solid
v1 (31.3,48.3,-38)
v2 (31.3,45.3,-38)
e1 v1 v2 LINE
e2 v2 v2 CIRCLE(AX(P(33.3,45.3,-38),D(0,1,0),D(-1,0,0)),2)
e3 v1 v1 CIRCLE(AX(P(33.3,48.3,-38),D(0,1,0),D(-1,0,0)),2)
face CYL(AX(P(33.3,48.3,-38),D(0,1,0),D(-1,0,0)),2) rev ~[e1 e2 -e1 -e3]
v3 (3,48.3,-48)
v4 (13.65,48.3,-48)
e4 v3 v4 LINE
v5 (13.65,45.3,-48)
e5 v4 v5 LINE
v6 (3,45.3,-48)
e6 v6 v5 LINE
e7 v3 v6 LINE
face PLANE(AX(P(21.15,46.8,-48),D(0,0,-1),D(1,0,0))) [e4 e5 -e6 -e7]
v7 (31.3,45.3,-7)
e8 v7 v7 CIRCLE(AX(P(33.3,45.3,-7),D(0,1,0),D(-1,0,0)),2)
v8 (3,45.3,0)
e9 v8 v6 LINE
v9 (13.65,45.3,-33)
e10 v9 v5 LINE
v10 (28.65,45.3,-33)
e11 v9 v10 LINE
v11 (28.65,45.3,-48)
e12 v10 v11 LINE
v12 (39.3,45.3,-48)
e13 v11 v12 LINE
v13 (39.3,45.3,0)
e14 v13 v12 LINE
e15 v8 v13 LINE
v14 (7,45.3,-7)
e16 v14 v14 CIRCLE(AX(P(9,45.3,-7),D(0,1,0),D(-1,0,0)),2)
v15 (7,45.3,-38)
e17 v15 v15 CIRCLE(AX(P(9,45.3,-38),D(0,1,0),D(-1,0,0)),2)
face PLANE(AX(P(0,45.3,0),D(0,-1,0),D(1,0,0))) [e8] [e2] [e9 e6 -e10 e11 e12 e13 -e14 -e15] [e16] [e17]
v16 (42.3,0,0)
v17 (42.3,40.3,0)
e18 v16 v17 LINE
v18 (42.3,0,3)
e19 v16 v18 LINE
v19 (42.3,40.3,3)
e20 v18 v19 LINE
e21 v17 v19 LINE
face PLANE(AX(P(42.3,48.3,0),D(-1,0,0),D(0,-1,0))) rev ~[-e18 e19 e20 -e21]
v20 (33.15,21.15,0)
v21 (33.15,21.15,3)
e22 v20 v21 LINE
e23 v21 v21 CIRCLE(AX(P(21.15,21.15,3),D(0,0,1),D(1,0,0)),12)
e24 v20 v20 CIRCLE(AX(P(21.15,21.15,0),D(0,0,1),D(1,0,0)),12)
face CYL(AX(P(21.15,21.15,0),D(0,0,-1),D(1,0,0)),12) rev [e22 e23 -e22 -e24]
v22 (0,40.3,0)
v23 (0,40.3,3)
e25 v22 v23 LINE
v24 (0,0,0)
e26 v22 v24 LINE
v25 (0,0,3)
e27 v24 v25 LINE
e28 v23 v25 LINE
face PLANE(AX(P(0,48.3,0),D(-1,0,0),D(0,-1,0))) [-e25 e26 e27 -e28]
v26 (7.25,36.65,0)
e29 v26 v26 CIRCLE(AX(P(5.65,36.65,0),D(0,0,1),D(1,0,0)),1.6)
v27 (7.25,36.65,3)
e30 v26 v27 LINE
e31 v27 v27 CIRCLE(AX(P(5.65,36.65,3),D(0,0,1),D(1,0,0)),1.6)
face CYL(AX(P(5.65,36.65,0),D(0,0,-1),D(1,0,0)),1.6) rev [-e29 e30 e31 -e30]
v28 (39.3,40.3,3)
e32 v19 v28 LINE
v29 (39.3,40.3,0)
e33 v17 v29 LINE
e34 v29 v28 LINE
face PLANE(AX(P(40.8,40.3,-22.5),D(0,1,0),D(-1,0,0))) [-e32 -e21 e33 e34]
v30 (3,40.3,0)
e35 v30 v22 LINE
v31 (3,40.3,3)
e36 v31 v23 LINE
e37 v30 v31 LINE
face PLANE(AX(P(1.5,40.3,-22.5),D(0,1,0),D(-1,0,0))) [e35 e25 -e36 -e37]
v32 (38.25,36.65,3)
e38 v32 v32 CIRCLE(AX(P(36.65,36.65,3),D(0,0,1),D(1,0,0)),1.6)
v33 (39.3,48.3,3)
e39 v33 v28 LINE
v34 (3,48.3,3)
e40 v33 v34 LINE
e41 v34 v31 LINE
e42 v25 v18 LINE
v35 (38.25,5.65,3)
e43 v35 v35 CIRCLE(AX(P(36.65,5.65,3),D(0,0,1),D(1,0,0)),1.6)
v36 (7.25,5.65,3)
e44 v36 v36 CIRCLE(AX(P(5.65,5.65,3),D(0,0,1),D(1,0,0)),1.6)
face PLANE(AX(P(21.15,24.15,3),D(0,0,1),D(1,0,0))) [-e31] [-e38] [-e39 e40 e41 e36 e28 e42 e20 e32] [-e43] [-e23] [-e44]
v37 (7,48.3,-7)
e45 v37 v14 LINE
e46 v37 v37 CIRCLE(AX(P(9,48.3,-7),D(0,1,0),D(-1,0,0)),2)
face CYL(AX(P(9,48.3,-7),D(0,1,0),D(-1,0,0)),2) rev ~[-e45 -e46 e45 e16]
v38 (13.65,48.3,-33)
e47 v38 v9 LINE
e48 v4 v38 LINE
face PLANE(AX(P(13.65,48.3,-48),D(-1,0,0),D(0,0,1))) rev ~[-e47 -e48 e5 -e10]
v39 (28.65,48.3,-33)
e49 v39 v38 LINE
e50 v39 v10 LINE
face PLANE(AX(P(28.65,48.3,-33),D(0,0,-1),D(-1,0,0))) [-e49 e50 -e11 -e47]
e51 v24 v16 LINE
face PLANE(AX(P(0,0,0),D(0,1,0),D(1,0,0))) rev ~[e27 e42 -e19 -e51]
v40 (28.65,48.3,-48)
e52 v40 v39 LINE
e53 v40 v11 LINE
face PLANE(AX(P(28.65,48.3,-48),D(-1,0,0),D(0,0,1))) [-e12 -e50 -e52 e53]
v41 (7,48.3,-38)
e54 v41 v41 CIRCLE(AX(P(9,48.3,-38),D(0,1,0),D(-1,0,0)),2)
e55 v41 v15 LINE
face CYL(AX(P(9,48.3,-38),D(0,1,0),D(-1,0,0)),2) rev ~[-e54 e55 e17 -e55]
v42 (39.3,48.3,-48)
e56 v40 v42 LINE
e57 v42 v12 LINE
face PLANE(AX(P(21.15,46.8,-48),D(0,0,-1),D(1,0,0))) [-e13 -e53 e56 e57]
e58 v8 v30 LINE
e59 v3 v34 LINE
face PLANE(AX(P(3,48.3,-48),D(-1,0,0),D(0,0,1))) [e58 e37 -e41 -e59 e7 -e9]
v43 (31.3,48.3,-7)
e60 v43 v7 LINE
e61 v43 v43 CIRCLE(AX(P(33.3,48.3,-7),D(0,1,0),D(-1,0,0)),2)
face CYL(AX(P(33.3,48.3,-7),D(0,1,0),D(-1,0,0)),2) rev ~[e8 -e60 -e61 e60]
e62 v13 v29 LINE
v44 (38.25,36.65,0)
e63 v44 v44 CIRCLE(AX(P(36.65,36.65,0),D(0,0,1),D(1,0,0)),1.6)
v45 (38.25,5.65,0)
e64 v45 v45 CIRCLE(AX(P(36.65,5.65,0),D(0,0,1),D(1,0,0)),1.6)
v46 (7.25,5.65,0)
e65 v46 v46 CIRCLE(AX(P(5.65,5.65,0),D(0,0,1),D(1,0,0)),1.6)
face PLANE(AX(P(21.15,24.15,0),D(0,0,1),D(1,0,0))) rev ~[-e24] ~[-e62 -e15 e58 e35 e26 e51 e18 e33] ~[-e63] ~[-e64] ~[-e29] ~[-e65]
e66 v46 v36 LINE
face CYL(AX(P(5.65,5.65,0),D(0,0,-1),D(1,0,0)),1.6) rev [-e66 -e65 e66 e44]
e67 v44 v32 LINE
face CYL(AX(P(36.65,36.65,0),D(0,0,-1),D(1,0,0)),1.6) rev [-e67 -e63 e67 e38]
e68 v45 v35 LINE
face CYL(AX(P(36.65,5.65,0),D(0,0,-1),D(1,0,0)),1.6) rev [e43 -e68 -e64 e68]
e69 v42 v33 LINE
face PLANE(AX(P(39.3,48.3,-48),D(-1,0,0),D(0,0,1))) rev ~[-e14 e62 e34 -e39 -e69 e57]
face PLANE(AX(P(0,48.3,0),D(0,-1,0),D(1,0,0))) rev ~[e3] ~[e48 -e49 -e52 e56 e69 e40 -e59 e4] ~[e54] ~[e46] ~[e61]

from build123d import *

# Parameters (mm, degrees)
SKETCH_R      = 1.6
SKETCH_R_2    = 12
PAD_DEPTH     = 3
SKETCH001_W   = 42.3
SKETCH001_H   = 3
PAD001_DEPTH  = 48
SKETCH002_R   = 2
SKETCH002_W   = 15
SKETCH002_H   = 15
SKETCH002_W_2 = 3
SKETCH002_H_2 = 51
POCKET_DEPTH  = 8


with BuildPart() as part:
    # Sketch → Pad (new body)
    with BuildSketch(Plane.XY):
        Polygon((0, 0), (42.3, 0), (42.3, 42.3), (42.3, 48.3), (0, 48.3), (0, 42.3), align=None)
        with Locations((5.65, 36.65)):
            Circle(SKETCH_R, mode=Mode.SUBTRACT)
        with Locations((36.65, 36.65)):
            Circle(SKETCH_R, mode=Mode.SUBTRACT)
        with Locations((5.65, 5.65)):
            Circle(SKETCH_R, mode=Mode.SUBTRACT)
        with Locations((36.65, 5.65)):
            Circle(SKETCH_R, mode=Mode.SUBTRACT)
        with Locations((21.15, 21.15)):
            Circle(SKETCH_R_2, mode=Mode.SUBTRACT)
    extrude(amount=PAD_DEPTH)

    # Sketch001 → Pad001 (new body)
    with BuildSketch(Plane(origin=(0, 0, 0), x_dir=(1, 0, 0), z_dir=(0, 0, -1))):
        with Locations((21.15, -46.8)):
            Rectangle(SKETCH001_W, SKETCH001_H)
    extrude(amount=PAD001_DEPTH)

    # Sketch002 → Pocket (cut)
    with BuildSketch(Plane(origin=(0, 48.3, 0), x_dir=(-1, 0, 0), z_dir=(0, 1, 0))):
        with Locations((-33.3, -7)):
            Circle(SKETCH002_R)
        with Locations((-9, -7)):
            Circle(SKETCH002_R)
        with Locations((-33.3, -38)):
            Circle(SKETCH002_R)
        with Locations((-9, -38)):
            Circle(SKETCH002_R)
        with Locations((-21.15, -40.5)):
            Rectangle(SKETCH002_W, SKETCH002_H)
        with Locations((-1.5, -22.5)):
            Rectangle(SKETCH002_W_2, SKETCH002_H_2)
        with Locations((-40.8, -22.5)):
            Rectangle(SKETCH002_W_2, SKETCH002_H_2)
    extrude(amount=-POCKET_DEPTH, mode=Mode.SUBTRACT)


solid = part.part
